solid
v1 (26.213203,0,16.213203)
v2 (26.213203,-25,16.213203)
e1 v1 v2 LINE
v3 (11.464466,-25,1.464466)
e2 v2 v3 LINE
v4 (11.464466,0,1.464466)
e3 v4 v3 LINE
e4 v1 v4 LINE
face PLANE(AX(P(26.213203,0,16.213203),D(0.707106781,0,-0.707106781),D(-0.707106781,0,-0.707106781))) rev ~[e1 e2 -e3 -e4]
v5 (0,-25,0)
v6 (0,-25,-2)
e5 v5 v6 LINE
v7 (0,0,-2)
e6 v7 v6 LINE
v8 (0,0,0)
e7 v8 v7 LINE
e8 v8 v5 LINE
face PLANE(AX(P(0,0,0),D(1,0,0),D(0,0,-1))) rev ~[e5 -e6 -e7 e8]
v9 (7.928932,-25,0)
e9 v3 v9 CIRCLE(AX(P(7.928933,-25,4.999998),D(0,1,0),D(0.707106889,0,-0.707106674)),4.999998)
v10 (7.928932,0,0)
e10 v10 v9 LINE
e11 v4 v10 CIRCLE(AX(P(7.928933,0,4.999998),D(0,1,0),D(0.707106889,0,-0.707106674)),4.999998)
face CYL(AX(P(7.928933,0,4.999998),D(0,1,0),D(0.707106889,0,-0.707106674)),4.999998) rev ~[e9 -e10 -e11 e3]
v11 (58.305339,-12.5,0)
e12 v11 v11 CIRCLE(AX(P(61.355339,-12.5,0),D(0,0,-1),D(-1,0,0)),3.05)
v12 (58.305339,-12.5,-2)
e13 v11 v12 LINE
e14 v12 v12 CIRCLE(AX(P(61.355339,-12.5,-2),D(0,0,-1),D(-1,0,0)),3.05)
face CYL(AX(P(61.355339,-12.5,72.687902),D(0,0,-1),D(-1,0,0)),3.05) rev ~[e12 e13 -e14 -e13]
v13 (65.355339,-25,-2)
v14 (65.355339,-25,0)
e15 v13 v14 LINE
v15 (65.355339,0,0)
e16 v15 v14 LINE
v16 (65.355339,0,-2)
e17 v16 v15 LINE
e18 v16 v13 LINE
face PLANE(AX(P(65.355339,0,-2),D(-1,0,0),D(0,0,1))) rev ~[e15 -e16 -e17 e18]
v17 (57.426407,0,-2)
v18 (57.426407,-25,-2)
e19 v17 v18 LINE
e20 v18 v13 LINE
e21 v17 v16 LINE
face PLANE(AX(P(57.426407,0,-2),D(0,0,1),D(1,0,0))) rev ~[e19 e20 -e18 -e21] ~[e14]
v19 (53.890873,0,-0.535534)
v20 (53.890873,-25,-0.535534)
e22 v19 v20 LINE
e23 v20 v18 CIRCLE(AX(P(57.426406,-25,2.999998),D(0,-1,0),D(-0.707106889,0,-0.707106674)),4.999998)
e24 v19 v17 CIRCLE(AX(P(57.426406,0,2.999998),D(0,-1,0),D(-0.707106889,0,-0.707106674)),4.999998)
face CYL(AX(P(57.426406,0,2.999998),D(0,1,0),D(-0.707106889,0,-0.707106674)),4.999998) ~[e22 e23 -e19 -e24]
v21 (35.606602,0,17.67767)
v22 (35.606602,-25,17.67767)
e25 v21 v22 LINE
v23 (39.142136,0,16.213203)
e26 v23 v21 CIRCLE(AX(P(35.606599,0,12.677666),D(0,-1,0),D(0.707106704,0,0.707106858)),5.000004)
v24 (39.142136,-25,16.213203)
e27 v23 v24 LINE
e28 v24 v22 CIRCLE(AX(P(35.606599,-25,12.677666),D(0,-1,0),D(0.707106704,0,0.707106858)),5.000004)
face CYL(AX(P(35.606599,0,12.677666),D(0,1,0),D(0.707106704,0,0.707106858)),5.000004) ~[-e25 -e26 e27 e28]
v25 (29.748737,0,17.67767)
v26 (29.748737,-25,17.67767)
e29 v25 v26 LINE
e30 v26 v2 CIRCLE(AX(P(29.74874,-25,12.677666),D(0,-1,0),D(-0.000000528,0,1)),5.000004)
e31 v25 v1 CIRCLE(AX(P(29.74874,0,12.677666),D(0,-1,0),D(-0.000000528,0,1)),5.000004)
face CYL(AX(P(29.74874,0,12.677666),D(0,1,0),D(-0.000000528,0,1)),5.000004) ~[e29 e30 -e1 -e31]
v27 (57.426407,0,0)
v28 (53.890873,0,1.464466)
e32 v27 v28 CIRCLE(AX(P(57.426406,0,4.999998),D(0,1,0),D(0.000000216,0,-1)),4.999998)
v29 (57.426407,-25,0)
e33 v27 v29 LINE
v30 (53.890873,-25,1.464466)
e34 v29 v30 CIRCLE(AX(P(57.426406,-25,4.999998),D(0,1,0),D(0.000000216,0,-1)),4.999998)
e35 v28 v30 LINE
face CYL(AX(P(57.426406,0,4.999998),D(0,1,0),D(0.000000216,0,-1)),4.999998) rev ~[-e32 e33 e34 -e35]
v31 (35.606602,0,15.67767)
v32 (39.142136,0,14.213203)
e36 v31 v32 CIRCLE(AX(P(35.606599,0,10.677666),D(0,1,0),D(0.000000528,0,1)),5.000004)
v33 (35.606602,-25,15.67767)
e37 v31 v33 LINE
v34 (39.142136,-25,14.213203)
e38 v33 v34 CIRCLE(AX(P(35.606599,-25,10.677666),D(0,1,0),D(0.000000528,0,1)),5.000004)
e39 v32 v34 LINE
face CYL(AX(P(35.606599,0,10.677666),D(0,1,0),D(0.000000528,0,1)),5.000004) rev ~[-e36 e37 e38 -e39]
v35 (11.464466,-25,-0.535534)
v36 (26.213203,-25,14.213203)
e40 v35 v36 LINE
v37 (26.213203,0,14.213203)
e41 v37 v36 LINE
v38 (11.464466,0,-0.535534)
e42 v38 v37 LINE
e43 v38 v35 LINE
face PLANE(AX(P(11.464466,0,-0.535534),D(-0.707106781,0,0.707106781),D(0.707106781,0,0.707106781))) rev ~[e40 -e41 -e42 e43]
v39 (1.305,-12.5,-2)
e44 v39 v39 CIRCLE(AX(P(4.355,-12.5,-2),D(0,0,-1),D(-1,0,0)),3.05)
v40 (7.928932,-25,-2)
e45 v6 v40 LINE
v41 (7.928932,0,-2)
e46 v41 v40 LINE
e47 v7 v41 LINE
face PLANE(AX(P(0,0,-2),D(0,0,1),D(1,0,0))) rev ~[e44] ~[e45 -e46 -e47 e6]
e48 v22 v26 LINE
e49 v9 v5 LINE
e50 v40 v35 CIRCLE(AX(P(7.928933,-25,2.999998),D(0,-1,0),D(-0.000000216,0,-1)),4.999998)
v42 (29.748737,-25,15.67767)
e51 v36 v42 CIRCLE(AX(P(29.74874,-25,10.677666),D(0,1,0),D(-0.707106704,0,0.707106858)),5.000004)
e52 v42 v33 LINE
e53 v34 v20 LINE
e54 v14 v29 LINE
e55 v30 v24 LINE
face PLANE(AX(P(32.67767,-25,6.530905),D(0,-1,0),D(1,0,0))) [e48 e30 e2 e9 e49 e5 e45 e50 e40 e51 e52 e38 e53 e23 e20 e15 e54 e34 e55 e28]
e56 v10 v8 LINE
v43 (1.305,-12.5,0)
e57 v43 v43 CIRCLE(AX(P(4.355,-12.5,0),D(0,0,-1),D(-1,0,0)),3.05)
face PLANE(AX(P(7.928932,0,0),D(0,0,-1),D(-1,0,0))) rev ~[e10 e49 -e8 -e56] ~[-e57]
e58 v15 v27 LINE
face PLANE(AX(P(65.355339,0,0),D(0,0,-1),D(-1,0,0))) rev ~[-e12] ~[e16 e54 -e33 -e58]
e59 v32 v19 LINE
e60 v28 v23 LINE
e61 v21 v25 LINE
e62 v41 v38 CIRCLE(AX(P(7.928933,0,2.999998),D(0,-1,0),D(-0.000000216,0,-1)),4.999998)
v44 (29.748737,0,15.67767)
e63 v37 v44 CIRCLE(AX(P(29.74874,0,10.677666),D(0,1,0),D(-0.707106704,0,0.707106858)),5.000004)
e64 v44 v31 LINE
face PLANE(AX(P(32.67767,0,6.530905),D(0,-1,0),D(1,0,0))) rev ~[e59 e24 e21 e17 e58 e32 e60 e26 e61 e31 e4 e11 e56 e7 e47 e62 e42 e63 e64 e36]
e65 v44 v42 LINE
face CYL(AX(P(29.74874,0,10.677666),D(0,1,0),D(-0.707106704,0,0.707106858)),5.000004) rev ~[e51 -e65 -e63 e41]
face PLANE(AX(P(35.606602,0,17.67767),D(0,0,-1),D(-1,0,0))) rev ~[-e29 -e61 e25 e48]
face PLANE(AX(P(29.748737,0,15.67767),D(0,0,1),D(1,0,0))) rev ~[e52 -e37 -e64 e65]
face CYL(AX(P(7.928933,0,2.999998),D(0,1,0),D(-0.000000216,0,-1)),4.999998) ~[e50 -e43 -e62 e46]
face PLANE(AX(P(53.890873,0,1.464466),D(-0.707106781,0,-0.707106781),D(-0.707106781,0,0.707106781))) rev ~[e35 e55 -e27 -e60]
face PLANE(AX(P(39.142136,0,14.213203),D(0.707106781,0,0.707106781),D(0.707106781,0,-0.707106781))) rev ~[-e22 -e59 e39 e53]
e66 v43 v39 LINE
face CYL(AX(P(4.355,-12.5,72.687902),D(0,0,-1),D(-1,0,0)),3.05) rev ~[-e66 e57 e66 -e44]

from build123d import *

# Parameters (mm, degrees)
F1_DEPTH = 25
F3_D     = 6.1


with BuildPart() as f1:
    # F0 (on Front) → F1 (new body)
    with BuildSketch(Plane.XZ):
        with BuildLine():
            Line((7.928932, 0), (0, 0))
            Line((0, 0), (0, -2))
            Line((0, -2), (7.928932, -2))
            ThreePointArc((7.928932, -2), (9.842349, -1.619398), (11.464466, -0.535534))
            Line((11.464466, -0.535534), (26.213203, 14.213203))
            ThreePointArc((26.213203, 14.213203), (27.83532, 15.297067), (29.748737, 15.67767))
            Line((29.748737, 15.67767), (35.606602, 15.67767))
            ThreePointArc((35.606602, 15.67767), (37.520019, 15.297067), (39.142136, 14.213203))
            Line((39.142136, 14.213203), (53.890873, -0.535534))
            ThreePointArc((53.890873, -0.535534), (55.51299, -1.619398), (57.426407, -2))
            Line((57.426407, -2), (65.355339, -2))
            Line((65.355339, -2), (65.355339, 0))
            Line((65.355339, 0), (57.426407, 0))
            ThreePointArc((57.426407, 0), (55.51299, 0.380602), (53.890873, 1.464466))
            Line((53.890873, 1.464466), (39.142136, 16.213203))
            ThreePointArc((39.142136, 16.213203), (37.520019, 17.297067), (35.606602, 17.67767))
            Line((35.606602, 17.67767), (29.748737, 17.67767))
            ThreePointArc((29.748737, 17.67767), (27.83532, 17.297067), (26.213203, 16.213203))
            Line((26.213203, 16.213203), (11.464466, 1.464466))
            ThreePointArc((11.464466, 1.464466), (9.842349, 0.380602), (7.928932, 0))
        make_face()
    extrude(amount=F1_DEPTH)

    # F3 (through all)
    with Locations(Plane.XY):
        with Locations((4.355, -12.5), (61.355339, -12.5)):
            Hole(F3_D / 2)


solid = f1.part
